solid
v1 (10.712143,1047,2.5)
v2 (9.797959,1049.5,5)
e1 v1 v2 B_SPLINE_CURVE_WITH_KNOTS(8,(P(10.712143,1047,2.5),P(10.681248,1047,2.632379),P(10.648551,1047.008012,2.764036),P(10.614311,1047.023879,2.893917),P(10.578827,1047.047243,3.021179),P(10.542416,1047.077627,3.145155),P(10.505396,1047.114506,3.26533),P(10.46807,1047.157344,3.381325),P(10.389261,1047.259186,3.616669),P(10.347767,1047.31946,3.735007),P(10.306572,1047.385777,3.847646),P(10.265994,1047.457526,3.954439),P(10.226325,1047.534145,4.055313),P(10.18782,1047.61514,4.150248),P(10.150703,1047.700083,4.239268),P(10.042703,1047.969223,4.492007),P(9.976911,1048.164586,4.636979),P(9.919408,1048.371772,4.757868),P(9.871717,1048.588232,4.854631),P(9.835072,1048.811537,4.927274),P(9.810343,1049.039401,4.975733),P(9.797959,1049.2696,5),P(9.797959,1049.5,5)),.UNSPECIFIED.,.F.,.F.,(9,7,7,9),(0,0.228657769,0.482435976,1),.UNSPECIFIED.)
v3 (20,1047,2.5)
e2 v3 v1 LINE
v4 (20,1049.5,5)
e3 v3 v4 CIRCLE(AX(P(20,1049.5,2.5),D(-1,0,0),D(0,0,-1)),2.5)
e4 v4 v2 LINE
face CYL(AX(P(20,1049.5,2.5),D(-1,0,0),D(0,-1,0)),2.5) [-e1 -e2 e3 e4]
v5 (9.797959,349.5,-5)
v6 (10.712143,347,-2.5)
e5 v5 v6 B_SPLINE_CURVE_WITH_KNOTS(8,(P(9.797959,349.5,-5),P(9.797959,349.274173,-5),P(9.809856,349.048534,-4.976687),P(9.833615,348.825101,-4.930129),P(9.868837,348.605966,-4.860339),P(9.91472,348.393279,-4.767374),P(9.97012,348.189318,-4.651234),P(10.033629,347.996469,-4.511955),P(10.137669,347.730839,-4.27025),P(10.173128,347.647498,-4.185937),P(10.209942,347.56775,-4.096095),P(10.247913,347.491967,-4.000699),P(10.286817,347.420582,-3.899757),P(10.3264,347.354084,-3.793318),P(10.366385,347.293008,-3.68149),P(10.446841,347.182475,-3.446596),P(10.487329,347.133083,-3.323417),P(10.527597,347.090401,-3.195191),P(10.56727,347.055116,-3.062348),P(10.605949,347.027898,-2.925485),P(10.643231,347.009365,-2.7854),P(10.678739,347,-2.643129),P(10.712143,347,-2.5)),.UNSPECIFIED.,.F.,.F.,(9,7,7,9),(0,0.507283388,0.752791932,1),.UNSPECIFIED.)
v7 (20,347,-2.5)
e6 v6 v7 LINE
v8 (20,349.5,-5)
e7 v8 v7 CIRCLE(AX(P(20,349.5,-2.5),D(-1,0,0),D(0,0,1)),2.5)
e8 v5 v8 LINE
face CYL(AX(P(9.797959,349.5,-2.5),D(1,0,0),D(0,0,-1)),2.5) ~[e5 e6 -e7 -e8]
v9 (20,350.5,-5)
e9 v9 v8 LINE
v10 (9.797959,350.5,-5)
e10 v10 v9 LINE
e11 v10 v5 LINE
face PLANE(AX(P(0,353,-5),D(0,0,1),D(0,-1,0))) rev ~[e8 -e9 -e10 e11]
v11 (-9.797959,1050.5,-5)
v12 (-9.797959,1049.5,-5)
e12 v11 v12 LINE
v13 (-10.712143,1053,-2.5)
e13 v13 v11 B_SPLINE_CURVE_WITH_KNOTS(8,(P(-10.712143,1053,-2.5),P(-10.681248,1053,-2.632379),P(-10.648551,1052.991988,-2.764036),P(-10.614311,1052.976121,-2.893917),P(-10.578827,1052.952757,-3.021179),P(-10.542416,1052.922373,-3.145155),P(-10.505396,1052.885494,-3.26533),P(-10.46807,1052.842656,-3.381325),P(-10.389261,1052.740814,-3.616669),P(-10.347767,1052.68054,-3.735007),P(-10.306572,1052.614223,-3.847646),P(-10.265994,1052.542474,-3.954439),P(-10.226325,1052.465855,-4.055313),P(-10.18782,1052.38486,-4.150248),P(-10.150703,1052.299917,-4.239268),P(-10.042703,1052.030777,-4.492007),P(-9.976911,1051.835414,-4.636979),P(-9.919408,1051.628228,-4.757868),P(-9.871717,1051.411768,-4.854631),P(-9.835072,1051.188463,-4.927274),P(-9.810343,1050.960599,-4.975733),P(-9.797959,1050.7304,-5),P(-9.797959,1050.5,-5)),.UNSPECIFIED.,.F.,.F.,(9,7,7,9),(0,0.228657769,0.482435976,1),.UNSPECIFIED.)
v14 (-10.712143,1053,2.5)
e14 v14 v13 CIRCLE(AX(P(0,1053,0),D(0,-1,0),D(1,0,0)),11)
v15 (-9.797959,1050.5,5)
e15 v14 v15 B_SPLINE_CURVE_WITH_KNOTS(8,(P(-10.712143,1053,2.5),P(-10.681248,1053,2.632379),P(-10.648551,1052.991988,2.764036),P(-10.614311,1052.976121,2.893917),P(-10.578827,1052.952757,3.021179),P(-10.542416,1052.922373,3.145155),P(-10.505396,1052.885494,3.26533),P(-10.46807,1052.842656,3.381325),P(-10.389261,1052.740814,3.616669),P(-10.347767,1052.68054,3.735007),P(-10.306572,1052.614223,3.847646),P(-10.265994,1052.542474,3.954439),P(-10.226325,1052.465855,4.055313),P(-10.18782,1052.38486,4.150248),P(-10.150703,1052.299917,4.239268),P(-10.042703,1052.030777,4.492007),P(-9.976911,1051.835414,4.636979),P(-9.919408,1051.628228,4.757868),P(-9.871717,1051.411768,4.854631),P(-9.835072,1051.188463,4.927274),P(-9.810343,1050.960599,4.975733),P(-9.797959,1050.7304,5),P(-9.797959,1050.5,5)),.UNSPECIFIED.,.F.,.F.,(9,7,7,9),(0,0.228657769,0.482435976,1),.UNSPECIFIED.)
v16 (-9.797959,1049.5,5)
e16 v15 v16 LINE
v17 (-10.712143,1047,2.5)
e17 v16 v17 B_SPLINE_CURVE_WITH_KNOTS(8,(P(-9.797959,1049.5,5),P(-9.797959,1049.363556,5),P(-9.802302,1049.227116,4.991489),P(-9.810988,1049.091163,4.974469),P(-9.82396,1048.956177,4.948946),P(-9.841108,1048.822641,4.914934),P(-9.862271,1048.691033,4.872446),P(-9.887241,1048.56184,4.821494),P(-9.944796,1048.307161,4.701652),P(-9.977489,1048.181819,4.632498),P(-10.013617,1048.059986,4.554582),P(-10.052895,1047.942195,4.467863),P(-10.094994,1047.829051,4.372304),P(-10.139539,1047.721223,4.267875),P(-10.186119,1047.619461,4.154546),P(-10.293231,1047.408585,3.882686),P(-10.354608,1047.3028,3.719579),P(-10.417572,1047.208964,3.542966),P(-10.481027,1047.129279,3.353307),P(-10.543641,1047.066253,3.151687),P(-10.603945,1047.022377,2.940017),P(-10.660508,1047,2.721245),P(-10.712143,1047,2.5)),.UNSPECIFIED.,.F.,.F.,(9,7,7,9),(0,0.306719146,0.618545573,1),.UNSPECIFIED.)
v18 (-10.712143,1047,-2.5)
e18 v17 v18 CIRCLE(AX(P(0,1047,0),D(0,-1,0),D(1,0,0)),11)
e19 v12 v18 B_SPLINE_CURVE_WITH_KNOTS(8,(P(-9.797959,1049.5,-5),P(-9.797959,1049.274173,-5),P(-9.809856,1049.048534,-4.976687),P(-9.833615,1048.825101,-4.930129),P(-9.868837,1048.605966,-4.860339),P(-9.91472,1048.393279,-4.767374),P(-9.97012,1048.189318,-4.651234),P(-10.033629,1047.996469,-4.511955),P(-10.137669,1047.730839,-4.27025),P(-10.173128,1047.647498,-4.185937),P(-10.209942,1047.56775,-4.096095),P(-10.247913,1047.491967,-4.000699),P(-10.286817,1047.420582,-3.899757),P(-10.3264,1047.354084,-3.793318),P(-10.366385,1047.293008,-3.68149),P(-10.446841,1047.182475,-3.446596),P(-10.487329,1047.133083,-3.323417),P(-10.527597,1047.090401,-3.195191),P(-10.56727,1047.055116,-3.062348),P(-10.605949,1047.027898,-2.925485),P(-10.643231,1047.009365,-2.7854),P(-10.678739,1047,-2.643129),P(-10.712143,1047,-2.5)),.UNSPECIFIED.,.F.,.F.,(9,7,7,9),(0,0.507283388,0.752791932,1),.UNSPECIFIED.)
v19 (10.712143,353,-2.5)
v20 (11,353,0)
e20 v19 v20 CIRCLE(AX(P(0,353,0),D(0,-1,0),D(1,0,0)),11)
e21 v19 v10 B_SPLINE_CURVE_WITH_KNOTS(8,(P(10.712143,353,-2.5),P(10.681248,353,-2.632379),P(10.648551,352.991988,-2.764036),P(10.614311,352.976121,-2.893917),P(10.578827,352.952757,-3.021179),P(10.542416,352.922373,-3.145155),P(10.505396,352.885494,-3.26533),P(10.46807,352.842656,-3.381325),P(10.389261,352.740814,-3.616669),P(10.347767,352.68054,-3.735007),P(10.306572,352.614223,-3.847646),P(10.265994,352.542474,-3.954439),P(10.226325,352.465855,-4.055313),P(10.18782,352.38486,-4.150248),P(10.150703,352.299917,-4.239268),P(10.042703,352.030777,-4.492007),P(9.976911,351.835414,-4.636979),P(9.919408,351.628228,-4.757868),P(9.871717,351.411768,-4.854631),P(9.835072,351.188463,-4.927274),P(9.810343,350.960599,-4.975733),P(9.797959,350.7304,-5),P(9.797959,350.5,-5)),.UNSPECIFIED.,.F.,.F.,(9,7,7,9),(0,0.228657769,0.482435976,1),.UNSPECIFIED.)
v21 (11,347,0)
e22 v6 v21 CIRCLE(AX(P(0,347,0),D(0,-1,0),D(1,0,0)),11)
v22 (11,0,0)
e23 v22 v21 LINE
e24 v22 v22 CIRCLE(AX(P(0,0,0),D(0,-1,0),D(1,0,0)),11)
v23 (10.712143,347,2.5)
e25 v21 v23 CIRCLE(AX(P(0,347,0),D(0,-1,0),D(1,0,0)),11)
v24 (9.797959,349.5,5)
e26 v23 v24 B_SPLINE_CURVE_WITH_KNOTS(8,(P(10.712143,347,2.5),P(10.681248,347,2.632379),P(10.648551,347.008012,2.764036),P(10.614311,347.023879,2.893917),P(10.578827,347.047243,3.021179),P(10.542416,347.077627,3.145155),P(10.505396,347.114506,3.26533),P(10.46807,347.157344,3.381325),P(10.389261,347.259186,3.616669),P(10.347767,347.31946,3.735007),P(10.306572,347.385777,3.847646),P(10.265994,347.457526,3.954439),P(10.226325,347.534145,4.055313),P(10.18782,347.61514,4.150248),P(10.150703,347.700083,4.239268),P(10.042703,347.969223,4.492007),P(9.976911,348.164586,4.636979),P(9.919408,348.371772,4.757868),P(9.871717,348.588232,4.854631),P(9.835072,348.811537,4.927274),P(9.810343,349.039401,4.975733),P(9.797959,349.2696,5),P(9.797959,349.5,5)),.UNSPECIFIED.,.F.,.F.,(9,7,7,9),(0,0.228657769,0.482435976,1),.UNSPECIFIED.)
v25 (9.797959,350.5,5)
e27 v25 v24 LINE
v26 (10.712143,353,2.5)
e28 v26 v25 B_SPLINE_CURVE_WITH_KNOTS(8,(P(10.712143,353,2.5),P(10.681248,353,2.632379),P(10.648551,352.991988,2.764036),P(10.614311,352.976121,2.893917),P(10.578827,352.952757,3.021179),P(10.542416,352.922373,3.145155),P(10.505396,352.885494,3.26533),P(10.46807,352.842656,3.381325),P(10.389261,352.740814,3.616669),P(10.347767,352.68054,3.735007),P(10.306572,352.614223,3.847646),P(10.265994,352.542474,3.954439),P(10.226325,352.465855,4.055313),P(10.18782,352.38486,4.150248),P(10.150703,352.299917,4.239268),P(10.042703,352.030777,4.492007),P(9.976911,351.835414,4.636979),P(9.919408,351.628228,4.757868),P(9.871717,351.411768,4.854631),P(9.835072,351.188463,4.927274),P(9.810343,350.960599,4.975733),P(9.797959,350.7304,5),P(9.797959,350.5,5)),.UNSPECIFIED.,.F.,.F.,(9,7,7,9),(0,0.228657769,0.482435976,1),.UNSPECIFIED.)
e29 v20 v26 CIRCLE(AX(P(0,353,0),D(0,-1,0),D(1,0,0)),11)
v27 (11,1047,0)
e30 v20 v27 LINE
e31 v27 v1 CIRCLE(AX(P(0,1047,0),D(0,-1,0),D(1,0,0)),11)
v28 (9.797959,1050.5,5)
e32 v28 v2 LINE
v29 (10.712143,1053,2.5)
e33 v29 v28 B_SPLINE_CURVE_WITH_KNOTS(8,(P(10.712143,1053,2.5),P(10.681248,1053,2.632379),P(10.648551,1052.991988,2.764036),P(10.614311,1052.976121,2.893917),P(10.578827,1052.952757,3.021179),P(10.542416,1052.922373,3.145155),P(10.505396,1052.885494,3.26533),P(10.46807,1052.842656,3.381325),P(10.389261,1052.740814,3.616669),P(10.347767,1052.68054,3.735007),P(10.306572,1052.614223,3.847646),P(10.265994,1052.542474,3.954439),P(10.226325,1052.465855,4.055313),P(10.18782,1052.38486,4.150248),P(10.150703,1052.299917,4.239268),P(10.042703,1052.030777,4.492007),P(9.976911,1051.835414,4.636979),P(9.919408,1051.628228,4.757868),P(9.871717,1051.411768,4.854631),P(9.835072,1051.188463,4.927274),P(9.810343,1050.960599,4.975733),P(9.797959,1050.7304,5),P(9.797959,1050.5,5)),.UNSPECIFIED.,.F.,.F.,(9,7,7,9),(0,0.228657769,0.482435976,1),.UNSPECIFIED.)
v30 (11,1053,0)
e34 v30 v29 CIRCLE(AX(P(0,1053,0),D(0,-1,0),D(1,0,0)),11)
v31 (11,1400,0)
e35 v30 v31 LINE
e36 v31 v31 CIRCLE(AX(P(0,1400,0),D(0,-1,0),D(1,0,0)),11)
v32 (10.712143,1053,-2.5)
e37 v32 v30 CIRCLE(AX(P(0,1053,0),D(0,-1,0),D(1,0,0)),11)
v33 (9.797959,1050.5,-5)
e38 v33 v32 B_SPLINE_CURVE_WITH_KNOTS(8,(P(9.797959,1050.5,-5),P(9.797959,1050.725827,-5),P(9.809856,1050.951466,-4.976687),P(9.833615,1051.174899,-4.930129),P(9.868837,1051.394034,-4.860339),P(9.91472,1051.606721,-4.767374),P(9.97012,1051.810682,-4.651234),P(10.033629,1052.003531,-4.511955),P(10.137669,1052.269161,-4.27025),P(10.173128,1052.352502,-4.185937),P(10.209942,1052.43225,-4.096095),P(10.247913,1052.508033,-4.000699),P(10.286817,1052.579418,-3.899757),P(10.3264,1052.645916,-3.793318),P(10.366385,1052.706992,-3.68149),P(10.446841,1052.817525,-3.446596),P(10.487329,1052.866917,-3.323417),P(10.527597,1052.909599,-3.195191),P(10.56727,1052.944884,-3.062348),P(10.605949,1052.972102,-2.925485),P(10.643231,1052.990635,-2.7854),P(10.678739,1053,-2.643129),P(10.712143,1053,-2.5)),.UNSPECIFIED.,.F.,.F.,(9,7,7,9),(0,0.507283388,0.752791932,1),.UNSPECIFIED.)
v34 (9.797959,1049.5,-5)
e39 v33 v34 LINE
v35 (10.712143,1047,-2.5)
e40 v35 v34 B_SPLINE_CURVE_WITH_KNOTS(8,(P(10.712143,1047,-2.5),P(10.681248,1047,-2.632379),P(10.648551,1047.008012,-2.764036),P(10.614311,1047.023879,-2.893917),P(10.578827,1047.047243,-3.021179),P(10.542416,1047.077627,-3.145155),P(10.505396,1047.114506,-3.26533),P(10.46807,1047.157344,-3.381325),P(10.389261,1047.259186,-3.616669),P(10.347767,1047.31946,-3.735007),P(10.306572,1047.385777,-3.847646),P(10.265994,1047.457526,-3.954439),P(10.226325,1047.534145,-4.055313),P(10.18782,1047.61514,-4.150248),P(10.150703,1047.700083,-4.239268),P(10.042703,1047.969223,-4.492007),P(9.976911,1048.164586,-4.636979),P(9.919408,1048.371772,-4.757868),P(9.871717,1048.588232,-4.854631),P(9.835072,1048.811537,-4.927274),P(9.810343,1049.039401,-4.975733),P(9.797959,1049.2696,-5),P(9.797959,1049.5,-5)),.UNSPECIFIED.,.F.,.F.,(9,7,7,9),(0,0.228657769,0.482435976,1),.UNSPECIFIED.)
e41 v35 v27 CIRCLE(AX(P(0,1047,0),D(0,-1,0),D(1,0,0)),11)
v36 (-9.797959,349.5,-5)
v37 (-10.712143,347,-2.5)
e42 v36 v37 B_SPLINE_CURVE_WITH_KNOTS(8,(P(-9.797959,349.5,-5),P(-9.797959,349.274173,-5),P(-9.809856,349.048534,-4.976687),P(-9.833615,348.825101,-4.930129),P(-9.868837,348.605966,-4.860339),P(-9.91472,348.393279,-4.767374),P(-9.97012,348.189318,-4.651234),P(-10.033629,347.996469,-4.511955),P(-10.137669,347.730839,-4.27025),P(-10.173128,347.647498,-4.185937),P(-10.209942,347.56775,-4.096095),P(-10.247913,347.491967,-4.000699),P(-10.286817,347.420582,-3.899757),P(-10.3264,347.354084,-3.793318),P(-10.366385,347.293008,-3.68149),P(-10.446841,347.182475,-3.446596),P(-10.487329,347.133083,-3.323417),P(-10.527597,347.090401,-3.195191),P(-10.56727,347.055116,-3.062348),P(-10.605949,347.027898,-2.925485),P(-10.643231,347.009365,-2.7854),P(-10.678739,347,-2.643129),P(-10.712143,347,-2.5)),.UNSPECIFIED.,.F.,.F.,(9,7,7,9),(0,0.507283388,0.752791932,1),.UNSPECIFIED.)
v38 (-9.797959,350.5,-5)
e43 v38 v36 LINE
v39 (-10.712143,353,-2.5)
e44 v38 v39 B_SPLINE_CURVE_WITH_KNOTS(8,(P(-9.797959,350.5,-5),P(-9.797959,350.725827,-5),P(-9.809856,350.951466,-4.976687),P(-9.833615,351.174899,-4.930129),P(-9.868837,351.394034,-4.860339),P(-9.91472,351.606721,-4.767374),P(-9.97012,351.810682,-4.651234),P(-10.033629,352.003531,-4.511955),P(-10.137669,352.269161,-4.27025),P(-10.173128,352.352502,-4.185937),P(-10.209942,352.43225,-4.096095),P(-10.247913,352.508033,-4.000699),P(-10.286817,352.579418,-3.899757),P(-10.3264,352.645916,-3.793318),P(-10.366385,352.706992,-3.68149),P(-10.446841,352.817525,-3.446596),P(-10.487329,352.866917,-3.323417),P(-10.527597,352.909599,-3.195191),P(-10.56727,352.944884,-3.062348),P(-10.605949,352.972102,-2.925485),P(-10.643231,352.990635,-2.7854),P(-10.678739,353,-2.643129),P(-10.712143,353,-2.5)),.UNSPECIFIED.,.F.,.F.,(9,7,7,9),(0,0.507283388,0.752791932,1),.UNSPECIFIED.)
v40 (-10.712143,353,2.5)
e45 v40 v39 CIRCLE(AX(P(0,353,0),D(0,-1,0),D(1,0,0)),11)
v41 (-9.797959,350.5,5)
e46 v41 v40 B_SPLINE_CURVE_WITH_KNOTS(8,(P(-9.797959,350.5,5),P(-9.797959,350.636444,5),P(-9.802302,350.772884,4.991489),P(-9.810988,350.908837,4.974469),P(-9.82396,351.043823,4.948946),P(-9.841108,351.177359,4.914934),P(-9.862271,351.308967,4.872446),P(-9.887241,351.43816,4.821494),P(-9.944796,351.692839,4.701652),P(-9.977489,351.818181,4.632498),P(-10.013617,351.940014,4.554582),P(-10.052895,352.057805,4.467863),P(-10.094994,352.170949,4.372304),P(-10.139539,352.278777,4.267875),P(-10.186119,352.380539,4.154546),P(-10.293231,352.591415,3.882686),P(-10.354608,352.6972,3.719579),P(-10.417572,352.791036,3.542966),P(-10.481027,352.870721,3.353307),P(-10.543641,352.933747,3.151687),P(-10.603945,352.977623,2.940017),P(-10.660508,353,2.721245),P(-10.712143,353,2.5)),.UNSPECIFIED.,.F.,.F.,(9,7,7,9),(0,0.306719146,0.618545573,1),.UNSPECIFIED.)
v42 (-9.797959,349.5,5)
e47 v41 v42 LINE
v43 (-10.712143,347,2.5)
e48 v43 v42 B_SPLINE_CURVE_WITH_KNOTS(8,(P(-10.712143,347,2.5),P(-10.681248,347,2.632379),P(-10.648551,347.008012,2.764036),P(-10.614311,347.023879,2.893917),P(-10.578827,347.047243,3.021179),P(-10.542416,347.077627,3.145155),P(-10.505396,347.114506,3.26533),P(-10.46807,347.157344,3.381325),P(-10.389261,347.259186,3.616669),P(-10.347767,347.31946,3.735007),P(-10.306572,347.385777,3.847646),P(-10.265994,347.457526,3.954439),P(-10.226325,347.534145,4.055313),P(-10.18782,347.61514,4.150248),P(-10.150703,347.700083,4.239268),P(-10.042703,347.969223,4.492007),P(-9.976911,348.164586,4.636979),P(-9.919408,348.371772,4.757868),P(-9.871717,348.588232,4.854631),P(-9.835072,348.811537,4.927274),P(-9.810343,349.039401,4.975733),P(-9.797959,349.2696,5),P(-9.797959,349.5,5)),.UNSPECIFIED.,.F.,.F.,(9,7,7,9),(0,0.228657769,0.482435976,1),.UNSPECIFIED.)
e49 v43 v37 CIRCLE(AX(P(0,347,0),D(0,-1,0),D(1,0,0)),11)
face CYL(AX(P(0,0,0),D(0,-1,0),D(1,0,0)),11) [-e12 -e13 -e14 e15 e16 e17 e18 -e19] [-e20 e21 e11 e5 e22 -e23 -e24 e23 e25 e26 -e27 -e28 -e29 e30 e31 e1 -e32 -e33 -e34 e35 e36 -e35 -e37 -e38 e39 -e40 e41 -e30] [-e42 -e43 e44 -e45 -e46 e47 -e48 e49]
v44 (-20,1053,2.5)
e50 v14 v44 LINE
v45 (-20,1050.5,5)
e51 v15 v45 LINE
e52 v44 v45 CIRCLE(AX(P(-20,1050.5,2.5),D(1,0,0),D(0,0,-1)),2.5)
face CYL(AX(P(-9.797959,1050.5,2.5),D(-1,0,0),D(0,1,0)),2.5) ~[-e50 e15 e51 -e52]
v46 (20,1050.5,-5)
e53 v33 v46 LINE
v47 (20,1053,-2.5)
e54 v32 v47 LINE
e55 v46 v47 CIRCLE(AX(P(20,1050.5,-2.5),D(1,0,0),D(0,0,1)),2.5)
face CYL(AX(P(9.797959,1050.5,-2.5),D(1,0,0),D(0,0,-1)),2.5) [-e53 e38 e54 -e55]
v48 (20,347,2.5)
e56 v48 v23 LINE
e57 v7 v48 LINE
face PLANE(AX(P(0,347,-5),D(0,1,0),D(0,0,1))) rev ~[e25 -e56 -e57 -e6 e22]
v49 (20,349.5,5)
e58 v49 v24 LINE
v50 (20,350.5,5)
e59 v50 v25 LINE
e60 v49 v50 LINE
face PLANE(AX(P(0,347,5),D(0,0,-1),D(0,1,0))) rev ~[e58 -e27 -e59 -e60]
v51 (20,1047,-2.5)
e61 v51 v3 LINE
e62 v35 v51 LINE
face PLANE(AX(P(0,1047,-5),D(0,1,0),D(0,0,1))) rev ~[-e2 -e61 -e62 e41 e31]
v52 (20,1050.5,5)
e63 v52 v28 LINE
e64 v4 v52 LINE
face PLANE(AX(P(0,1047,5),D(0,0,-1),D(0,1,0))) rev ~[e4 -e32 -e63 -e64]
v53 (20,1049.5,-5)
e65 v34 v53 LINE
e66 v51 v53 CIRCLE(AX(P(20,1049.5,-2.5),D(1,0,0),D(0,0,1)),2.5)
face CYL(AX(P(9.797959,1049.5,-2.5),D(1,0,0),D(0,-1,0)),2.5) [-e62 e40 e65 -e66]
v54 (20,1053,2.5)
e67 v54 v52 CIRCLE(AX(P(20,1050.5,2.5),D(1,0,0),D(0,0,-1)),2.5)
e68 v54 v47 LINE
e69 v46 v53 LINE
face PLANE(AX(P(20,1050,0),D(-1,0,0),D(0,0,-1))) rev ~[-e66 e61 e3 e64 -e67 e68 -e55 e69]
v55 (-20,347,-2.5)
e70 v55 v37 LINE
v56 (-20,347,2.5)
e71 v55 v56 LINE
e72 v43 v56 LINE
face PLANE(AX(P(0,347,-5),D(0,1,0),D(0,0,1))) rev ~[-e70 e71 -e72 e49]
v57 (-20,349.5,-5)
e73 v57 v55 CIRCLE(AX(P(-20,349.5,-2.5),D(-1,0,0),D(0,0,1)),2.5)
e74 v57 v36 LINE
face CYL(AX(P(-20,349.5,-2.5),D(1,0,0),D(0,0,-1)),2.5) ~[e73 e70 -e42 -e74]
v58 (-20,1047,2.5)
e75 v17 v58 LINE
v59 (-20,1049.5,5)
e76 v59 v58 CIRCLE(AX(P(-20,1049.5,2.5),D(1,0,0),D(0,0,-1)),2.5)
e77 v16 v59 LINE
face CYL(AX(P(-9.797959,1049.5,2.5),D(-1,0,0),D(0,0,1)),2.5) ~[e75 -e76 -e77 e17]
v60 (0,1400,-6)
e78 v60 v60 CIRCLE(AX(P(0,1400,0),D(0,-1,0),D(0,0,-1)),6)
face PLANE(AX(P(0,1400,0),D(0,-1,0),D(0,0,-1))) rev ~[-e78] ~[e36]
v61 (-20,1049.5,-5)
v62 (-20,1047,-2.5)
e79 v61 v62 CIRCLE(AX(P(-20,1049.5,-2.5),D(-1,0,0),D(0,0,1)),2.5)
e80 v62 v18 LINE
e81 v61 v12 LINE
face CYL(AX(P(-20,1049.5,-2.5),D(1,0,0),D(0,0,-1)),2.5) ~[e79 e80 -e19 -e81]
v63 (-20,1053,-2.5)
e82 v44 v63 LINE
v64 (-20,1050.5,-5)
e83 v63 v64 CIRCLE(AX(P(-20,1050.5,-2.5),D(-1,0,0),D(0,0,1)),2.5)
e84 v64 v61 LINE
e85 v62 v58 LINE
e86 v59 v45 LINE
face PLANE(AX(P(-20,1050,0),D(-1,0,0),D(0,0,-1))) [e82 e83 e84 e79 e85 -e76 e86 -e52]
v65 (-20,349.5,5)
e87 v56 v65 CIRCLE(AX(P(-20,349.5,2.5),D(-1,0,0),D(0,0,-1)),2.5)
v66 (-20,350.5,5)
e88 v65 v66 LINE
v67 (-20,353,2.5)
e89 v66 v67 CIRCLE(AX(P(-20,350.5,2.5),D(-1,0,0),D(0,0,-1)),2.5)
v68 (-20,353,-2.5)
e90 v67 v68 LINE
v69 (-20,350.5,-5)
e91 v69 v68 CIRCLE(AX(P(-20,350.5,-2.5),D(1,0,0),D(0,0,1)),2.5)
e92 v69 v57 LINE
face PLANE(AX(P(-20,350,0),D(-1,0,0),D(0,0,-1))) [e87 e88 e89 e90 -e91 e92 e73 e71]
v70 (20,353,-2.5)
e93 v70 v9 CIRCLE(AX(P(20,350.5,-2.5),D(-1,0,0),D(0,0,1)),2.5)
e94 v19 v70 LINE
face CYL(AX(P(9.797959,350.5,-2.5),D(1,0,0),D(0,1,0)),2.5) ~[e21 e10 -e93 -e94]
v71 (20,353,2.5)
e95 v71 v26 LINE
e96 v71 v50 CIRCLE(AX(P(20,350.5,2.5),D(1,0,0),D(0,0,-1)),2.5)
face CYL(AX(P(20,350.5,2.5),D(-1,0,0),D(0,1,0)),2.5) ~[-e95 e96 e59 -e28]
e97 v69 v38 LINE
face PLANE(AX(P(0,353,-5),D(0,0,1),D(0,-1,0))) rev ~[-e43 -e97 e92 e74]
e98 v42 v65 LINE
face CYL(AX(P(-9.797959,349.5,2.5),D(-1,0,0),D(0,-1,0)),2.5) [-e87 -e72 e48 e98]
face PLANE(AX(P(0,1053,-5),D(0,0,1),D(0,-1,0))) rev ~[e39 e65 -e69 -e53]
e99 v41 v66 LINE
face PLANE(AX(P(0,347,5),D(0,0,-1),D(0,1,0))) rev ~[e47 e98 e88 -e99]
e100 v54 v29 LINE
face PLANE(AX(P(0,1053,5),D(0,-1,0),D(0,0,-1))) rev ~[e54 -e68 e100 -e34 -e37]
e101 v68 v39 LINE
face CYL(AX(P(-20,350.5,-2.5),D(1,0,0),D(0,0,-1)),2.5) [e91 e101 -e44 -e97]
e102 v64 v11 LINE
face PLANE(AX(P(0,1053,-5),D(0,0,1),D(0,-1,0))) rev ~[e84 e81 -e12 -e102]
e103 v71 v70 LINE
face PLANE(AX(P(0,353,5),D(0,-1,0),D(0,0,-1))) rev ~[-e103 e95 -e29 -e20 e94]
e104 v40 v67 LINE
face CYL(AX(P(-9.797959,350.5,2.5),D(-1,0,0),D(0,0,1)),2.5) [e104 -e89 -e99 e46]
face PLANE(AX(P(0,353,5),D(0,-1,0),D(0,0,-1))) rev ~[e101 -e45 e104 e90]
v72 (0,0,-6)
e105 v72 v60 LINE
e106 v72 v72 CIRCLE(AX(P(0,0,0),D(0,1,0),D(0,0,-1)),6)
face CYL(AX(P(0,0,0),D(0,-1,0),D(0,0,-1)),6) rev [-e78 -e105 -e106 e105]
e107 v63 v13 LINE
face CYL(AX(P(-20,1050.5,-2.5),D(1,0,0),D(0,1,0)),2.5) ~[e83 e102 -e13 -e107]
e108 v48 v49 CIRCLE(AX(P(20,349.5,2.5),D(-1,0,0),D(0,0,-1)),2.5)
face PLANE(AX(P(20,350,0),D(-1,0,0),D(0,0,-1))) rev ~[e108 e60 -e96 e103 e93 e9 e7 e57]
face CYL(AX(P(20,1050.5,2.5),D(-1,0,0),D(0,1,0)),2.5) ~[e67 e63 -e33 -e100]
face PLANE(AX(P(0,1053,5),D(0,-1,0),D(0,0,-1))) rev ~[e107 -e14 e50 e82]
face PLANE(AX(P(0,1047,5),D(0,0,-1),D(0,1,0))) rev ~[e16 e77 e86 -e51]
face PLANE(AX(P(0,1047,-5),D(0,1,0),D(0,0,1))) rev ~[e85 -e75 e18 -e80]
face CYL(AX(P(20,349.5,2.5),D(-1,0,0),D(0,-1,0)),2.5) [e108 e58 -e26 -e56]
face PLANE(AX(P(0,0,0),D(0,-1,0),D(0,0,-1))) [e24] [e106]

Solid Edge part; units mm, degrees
sketch "Sketch1" plane through (0, 0, 0) normal (0, -1, 0) x (1, 0, 0)
  circle A0 centre (0, 0) radius 11
extrude "Protrusion1" add sketch "Sketch1" against normal blind 1400
sketch "Sketch2" plane through (0, 700, 0) normal (-1, 0, 0) x (0, -1, 0)
  line L0 (-353, 5) -> (-353, -5)
  line L1 (-353, -5) -> (-347, -5)
  line L2 (-347, -5) -> (-347, 5)
  line L3 (-347, 5) -> (-353, 5)
extrude "ExtrudedCutout_6" cut sketch "Sketch2" along normal mid plane 270
sketch "Sketch3" plane through (0, 700, 0) normal (-1, 0, 0) x (0, -1, 0)
  line L0 (-347, -5) -> (-347, 5)
  line L1 (-347, 5) -> (-353, 5)
  line L2 (-353, 5) -> (-353, -5)
  line L3 (-353, -5) -> (-347, -5)
extrude "ExtrudedProtrusion_8" add sketch "Sketch3" along normal mid plane 40
sketch "Sketch4" plane through (0, 700, 0) normal (-1, 0, 0) x (0, -1, 0)
  line L0 (347, -5) -> (353, -5)
  line L1 (353, -5) -> (353, 5)
  line L2 (353, 5) -> (347, 5)
  line L3 (347, 5) -> (347, -5)
extrude "ExtrudedCutout_7" cut sketch "Sketch4" along normal mid plane 50
sketch "Sketch5" plane through (0, 700, 0) normal (-1, 0, 0) x (0, -1, 0)
  line L0 (353, -5) -> (353, 5)
  line L1 (353, 5) -> (347, 5)
  line L2 (347, 5) -> (347, -5)
  line L3 (347, -5) -> (353, -5)
extrude "ExtrudedProtrusion_9" add sketch "Sketch5" along normal mid plane 40
hole "Hole_1" at (0, 0, 0) direction (0, 1, 0) diameter 12 end up to next
fillet "Round_1" radius 2.5 8 edges at (14.899, 1053, 5) (14.899, 1047, 5) (14.899, 1053, -5) (14.899, 1047, -5) (-14.899, 1047, 5) (-14.899, 1053, 5) (-14.899, 1053, -5) (-14.899, 1047, -5)
fillet "Round_2" radius 2.5 8 edges at (-14.899, 353, 5) (-14.899, 347, 5) (-14.899, 353, -5) (-14.899, 347, -5) (14.899, 353, 5) (14.899, 347, 5) (14.899, 353, -5) (14.899, 347, -5)
